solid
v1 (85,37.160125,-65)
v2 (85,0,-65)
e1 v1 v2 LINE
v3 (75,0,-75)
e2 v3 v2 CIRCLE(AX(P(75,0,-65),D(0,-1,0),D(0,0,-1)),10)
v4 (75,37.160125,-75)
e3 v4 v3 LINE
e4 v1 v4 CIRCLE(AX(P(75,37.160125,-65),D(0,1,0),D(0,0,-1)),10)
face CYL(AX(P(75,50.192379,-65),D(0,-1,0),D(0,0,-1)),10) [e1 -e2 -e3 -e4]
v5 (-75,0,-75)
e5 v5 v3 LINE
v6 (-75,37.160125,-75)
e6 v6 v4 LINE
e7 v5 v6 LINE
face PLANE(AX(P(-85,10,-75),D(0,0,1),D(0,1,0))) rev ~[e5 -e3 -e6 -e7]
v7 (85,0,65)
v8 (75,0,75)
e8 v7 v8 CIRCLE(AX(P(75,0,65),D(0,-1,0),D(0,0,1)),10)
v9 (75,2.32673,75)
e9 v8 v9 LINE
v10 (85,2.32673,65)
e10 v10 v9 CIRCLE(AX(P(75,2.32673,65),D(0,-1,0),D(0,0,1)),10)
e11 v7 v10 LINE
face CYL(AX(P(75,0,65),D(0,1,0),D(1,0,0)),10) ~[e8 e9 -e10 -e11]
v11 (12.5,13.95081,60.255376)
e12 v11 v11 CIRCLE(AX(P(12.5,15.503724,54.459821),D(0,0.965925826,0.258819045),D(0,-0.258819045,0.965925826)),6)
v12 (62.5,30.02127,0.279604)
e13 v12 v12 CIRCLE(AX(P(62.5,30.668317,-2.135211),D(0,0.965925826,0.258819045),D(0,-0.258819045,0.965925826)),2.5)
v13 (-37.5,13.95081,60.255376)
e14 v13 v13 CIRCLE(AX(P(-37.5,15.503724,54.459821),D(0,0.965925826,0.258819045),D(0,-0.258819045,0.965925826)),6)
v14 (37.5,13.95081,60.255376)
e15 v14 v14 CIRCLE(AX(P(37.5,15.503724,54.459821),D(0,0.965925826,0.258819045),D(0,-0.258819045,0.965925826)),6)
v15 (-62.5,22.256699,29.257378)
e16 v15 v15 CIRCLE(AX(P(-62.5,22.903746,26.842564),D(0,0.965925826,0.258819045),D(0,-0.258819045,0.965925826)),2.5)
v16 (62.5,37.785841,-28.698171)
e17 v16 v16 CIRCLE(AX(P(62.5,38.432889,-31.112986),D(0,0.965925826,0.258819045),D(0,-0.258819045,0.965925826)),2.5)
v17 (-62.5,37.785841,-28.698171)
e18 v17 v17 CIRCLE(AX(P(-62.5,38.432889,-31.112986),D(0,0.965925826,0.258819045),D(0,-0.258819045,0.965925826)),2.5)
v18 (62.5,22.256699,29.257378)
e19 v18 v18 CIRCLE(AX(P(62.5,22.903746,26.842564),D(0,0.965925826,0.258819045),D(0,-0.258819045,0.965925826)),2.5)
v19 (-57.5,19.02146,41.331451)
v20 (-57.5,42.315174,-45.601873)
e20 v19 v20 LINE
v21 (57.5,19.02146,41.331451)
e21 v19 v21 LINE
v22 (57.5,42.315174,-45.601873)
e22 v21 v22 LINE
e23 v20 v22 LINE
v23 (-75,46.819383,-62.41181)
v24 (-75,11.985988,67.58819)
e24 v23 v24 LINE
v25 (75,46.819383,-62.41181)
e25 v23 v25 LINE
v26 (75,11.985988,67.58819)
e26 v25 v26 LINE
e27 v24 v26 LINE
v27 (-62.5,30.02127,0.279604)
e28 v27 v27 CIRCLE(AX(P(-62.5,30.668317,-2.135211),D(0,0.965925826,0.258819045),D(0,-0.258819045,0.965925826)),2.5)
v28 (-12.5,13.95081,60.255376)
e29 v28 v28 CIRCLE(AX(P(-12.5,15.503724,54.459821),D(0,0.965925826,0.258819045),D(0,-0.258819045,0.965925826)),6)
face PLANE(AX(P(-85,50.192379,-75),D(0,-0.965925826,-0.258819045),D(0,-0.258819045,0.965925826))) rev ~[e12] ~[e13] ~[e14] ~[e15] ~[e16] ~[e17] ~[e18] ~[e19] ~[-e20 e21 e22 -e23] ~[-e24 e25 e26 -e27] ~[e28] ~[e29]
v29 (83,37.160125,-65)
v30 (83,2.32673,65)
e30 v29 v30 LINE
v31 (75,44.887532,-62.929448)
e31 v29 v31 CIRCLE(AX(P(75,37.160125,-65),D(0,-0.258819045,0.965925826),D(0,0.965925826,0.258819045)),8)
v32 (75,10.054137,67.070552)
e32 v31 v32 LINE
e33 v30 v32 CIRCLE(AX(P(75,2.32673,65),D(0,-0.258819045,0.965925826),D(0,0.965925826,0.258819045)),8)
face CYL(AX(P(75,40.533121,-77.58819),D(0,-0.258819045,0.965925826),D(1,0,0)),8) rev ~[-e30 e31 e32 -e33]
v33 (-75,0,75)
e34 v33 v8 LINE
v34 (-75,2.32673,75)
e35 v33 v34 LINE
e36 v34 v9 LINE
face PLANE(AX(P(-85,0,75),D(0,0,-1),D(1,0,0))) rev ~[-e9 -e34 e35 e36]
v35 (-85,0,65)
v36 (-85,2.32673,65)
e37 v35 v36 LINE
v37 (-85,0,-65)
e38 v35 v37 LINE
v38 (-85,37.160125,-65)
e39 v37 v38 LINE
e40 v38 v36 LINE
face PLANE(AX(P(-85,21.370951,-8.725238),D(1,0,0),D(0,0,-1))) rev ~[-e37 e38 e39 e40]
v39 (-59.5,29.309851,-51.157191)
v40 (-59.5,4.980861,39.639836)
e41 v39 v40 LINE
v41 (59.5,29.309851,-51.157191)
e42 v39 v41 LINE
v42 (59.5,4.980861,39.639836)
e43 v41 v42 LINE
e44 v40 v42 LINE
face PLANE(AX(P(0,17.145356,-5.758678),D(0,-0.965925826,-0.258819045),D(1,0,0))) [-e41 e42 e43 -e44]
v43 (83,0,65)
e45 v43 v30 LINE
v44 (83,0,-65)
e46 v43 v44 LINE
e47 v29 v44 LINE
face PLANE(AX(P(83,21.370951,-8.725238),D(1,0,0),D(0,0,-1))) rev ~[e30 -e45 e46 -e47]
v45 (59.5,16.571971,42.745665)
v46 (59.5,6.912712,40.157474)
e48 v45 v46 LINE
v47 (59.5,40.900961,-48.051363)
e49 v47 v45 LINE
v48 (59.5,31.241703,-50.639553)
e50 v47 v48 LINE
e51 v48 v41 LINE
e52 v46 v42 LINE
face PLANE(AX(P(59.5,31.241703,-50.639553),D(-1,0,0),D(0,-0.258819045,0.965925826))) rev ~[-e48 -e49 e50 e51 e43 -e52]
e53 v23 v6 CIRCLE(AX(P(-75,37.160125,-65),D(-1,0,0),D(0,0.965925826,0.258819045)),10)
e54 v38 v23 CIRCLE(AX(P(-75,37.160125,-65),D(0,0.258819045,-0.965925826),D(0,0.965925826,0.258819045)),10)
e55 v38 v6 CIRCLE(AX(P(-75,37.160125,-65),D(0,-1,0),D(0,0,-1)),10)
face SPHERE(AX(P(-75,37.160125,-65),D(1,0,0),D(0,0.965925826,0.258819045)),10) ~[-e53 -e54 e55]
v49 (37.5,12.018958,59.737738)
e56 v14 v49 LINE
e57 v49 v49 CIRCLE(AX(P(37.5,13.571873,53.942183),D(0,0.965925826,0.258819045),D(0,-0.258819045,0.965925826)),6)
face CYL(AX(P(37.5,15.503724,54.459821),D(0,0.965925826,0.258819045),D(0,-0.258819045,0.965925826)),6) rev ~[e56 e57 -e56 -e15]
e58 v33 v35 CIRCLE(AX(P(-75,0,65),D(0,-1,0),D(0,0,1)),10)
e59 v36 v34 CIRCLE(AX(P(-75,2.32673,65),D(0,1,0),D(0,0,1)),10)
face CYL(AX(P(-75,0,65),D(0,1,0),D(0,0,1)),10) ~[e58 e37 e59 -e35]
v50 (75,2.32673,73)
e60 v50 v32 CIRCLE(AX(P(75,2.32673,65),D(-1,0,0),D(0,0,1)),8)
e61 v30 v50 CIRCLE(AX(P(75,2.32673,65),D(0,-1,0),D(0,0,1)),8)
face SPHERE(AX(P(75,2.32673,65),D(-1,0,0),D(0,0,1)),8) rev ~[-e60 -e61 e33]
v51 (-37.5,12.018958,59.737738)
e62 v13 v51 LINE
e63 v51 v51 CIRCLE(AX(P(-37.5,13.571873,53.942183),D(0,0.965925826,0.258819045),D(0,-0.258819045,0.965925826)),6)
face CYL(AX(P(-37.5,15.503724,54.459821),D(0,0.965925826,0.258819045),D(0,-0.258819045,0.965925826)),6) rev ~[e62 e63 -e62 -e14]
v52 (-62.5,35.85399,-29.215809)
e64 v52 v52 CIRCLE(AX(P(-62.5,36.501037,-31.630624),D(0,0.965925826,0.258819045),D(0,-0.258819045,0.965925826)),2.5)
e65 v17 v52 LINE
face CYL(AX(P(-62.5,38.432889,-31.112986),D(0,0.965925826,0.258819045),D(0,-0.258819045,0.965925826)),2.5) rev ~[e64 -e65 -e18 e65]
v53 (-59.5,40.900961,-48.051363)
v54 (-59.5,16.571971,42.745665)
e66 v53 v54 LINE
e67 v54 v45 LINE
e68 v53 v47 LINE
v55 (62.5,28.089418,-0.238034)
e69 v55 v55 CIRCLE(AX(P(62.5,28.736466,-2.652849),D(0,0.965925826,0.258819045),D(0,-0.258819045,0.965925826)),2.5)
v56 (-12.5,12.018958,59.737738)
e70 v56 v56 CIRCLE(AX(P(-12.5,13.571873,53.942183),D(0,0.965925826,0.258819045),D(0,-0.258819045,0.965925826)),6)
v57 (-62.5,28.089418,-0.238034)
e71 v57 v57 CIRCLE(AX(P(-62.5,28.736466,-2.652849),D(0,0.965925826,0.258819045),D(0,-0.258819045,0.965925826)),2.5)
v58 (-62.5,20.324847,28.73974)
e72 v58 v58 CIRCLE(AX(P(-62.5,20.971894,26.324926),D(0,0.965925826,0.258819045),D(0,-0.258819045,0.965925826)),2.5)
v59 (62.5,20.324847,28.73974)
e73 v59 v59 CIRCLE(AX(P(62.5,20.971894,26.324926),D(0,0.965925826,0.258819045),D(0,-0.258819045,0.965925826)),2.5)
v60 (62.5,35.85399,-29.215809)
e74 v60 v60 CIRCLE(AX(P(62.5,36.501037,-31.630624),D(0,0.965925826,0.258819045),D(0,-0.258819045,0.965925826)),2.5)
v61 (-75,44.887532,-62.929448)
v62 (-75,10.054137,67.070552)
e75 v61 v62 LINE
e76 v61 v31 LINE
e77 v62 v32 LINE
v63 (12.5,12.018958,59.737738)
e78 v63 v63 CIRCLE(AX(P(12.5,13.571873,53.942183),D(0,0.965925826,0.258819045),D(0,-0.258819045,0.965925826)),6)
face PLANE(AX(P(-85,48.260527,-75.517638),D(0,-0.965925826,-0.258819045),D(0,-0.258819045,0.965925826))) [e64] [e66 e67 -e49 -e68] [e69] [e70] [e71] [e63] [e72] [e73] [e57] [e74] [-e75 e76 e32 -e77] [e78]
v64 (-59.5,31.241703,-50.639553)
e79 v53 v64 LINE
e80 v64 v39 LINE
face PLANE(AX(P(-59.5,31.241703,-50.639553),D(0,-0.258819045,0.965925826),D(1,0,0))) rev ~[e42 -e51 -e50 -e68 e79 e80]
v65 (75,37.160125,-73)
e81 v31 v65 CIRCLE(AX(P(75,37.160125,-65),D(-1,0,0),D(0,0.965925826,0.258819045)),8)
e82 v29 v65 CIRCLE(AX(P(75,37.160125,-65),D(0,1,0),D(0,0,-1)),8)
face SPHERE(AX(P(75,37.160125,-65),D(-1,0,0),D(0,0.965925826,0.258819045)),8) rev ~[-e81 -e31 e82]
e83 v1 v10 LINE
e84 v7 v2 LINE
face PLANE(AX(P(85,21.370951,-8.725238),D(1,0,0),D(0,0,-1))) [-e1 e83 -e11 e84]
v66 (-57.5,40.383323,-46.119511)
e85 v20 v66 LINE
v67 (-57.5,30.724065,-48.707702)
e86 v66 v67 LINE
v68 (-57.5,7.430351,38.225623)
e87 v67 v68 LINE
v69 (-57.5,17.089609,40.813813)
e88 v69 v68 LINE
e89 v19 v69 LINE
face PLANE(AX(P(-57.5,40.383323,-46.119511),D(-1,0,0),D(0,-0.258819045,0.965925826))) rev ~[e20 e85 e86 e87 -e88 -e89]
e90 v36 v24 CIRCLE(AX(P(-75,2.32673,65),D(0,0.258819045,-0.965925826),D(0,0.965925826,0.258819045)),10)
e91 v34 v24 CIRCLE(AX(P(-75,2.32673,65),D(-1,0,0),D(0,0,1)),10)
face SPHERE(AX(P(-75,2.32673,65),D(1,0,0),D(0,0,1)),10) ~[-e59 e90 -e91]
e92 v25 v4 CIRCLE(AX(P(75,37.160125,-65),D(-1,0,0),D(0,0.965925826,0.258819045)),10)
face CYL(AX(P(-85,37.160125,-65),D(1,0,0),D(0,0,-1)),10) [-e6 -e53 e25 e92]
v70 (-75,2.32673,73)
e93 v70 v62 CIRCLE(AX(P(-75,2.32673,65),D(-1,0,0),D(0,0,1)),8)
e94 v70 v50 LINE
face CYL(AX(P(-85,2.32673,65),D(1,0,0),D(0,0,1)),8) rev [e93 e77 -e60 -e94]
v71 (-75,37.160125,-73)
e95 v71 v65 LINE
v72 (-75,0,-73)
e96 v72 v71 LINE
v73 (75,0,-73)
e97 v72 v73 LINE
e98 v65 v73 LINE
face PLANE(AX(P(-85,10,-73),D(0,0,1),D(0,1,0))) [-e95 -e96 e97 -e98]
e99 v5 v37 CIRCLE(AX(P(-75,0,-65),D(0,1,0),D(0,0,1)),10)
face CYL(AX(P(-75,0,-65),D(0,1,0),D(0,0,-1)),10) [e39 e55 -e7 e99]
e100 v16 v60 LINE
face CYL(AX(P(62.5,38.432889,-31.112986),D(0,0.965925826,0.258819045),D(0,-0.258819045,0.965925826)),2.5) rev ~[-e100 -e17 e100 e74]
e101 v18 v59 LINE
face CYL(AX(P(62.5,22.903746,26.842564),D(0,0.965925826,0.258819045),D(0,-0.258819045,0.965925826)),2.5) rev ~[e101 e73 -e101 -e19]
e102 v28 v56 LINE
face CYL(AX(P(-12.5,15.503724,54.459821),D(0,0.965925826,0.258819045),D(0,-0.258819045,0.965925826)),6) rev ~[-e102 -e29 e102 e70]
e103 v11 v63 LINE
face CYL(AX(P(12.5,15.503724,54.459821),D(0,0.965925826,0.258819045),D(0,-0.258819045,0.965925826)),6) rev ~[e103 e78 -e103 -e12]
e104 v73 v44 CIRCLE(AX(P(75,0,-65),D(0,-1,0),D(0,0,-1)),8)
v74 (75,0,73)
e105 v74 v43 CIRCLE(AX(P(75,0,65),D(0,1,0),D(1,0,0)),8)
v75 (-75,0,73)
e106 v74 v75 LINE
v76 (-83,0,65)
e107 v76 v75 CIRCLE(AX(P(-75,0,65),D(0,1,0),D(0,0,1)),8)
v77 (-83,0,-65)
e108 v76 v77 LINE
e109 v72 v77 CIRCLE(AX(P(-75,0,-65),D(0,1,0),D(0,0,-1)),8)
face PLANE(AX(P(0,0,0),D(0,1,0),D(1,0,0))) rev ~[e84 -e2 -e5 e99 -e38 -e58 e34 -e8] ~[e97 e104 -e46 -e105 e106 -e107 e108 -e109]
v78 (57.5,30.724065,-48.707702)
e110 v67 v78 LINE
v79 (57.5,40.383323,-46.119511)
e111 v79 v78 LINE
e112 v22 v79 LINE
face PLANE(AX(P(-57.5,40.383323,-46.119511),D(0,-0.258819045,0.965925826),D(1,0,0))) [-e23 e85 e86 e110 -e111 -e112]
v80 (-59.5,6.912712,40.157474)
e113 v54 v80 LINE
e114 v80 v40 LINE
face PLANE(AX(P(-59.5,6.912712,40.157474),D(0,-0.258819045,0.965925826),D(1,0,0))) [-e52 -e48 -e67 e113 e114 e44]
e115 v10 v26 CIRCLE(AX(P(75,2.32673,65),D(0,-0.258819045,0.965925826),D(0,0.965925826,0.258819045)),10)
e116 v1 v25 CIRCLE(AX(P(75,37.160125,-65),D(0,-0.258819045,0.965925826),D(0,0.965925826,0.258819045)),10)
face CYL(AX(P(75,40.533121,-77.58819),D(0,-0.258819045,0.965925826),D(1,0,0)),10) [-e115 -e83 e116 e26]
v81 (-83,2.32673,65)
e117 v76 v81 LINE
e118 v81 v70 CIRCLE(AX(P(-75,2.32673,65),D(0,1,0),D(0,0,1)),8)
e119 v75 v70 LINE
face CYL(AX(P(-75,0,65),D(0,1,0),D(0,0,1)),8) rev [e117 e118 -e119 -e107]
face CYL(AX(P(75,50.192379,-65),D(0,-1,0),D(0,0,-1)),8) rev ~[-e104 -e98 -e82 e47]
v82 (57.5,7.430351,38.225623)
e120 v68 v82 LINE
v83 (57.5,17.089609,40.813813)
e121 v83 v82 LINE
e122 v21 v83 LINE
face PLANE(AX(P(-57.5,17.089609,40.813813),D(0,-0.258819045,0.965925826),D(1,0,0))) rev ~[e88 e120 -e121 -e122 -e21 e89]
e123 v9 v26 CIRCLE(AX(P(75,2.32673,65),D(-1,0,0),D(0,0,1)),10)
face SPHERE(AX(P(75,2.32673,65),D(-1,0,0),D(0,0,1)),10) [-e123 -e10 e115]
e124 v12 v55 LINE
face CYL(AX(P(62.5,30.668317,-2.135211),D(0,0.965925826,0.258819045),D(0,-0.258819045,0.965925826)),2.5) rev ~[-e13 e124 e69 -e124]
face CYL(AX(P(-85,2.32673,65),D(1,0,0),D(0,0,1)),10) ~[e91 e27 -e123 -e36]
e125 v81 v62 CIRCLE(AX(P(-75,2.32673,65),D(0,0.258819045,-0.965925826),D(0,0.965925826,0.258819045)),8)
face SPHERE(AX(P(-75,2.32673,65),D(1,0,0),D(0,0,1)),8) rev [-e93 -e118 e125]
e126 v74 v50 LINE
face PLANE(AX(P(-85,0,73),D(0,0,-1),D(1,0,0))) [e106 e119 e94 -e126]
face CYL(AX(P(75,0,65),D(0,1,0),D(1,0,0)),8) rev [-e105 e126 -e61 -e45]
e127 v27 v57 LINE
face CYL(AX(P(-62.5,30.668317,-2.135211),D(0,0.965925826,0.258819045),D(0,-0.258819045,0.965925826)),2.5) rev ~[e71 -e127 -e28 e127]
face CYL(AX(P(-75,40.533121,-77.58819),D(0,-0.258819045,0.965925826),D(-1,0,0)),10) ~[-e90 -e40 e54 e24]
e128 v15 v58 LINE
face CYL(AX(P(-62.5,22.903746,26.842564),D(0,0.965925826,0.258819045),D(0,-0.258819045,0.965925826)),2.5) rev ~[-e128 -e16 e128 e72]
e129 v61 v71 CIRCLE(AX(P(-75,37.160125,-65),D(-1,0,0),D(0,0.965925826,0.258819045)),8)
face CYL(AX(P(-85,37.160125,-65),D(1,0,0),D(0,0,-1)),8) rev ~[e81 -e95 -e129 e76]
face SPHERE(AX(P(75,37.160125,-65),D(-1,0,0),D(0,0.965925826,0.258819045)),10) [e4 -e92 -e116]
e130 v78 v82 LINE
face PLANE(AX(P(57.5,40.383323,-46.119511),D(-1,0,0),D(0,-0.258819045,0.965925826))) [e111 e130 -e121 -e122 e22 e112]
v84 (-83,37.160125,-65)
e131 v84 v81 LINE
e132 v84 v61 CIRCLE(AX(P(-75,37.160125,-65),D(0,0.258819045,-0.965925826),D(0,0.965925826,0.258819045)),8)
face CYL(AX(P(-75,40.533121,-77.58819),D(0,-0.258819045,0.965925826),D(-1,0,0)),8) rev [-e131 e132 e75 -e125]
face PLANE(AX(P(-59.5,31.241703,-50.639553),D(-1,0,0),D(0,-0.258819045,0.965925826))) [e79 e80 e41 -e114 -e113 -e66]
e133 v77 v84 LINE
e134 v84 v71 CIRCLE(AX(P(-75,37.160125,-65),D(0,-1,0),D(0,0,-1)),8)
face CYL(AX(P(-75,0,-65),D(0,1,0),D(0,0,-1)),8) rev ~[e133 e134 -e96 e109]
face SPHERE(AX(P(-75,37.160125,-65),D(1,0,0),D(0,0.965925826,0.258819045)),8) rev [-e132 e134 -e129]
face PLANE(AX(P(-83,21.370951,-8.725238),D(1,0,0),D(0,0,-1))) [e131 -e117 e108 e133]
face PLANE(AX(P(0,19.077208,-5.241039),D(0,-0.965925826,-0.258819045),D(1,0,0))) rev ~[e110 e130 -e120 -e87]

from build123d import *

# Parameters (mm, degrees)
SKETCH1_W           = 170
SKETCH1_H           = 150
BOSS_EXTRUDE1_DEPTH = 10
BOSS_EXTRUDE2_DEPTH = 170
FILLET1_R           = 10
SHELL1_T            = -2
SKETCH3_W           = 115
SKETCH3_H           = 90
CUT_EXTRUDE1_DEPTH  = 2
SKETCH4_W           = 119
SKETCH4_H           = 94
SKETCH4_W_2         = 115
SKETCH4_H_2         = 90
BOSS_EXTRUDE3_DEPTH = 10
SKETCH5_W           = 119
SKETCH5_H           = 94
BOSS_EXTRUDE4_DEPTH = 2
SKETCH6_R           = 2.5
CUT_EXTRUDE2_DEPTH  = 2
SKETCH7_R           = 6
CUT_EXTRUDE3_DEPTH  = 2


with BuildPart() as part:
    # Sketch1 → Boss-Extrude1 (new body)
    with BuildSketch(Plane(origin=(0, 0, 0), x_dir=(1, 0, 0), z_dir=(0, 1, 0))):
        Rectangle(SKETCH1_W, SKETCH1_H)
    extrude(amount=BOSS_EXTRUDE1_DEPTH)

    # Sketch2 → Boss-Extrude2 (add)
    with BuildSketch(Plane.ZY.offset(85)):
        Polygon((-75, 10), (-75, 50.192378865), (75, 10), align=None)
    extrude(amount=-BOSS_EXTRUDE2_DEPTH)

    # Fillet1
    fillet1_edges = [part.edges().sort_by_distance(p)[0] for p in [
        (0, 50.192378865, -75),
        (-85, 30.096189432, 0),
        (85, 30.096189432, 0),
        (0, 10, 75),
        (85, 5, 75),
        (-85, 5, 75),
        (-85, 25.096189432, -75),
        (85, 25.096189432, -75),
    ]]
    fillet(fillet1_edges, radius=FILLET1_R)

    # Shell1
    shell1_openings = [part.faces().sort_by_distance(p)[0] for p in [
        (0, 0, 0),
    ]]
    offset(amount=SHELL1_T, openings=shell1_openings, kind=Kind.INTERSECTION)

    # Sketch3 → Cut-Extrude1 (cut)
    with BuildSketch(Plane(origin=(0, 28.080127019, 7.524047358), x_dir=(1, 0, 0), z_dir=(0, 0.96592582628907, 0.25881904510251436))):
        with Locations((0, 10)):
            Rectangle(SKETCH3_W, SKETCH3_H)
    extrude(amount=-CUT_EXTRUDE1_DEPTH, mode=Mode.SUBTRACT)

    # Sketch4 → Boss-Extrude3 (add)
    with BuildSketch(Plane(origin=(0, 26.148275366, 7.006409268), x_dir=(1, 0, 0), z_dir=(0, -0.96592582628907, -0.25881904510251436))):
        with Locations((0, -10)):
            Rectangle(SKETCH4_W, SKETCH4_H)
        with Locations((0, -10)):
            Rectangle(SKETCH4_W_2, SKETCH4_H_2, mode=Mode.SUBTRACT)
    extrude(amount=BOSS_EXTRUDE3_DEPTH)

    # Sketch5 → Boss-Extrude4 (add)
    with BuildSketch(Plane(origin=(0, 16.489017103, 4.418218817), x_dir=(1, 0, 0), z_dir=(0, -0.96592582628907, -0.25881904510251436))):
        with Locations((0, -10)):
            Rectangle(SKETCH5_W, SKETCH5_H)
    extrude(amount=BOSS_EXTRUDE4_DEPTH)

    # Sketch6 → Cut-Extrude2 (cut)
    with BuildSketch(Plane(origin=(0, 28.080127019, 7.524047358), x_dir=(1, 0, 0), z_dir=(0, 0.96592582628907, 0.25881904510251436))):
        with Locations(Location((-62.5, 10, 0), (0, 0, 270))):
            Circle(SKETCH6_R)
        with Locations(Location((-62.5, 40, 0), (0, 0, 270))):
            Circle(SKETCH6_R)
        with Locations(Location((-62.5, -20, 0), (0, 0, 270))):
            Circle(SKETCH6_R)
        with Locations(Location((62.5, -20, 0), (0, 0, 270))):
            Circle(SKETCH6_R)
        with Locations(Location((62.5, 40, 0), (0, 0, 270))):
            Circle(SKETCH6_R)
        with Locations(Location((62.5, 10, 0), (0, 0, 270))):
            Circle(SKETCH6_R)
    extrude(amount=-CUT_EXTRUDE2_DEPTH, mode=Mode.SUBTRACT)

    # Sketch7 → Cut-Extrude3 (cut)
    with BuildSketch(Plane(origin=(0, 28.080127019, 7.524047358), x_dir=(1, 0, 0), z_dir=(0, 0.96592582628907, 0.25881904510251436))):
        with Locations(Location((-12.5, -48.59148832, 0), (0, 0, 270))):
            Circle(SKETCH7_R)
        with Locations(Location((12.5, -48.59148832, 0), (0, 0, 270))):
            Circle(SKETCH7_R)
        with Locations(Location((37.5, -48.59148832, 0), (0, 0, 270))):
            Circle(SKETCH7_R)
        with Locations(Location((-37.5, -48.59148832, 0), (0, 0, 270))):
            Circle(SKETCH7_R)
    extrude(amount=-CUT_EXTRUDE3_DEPTH, mode=Mode.SUBTRACT)


solid = part.part
